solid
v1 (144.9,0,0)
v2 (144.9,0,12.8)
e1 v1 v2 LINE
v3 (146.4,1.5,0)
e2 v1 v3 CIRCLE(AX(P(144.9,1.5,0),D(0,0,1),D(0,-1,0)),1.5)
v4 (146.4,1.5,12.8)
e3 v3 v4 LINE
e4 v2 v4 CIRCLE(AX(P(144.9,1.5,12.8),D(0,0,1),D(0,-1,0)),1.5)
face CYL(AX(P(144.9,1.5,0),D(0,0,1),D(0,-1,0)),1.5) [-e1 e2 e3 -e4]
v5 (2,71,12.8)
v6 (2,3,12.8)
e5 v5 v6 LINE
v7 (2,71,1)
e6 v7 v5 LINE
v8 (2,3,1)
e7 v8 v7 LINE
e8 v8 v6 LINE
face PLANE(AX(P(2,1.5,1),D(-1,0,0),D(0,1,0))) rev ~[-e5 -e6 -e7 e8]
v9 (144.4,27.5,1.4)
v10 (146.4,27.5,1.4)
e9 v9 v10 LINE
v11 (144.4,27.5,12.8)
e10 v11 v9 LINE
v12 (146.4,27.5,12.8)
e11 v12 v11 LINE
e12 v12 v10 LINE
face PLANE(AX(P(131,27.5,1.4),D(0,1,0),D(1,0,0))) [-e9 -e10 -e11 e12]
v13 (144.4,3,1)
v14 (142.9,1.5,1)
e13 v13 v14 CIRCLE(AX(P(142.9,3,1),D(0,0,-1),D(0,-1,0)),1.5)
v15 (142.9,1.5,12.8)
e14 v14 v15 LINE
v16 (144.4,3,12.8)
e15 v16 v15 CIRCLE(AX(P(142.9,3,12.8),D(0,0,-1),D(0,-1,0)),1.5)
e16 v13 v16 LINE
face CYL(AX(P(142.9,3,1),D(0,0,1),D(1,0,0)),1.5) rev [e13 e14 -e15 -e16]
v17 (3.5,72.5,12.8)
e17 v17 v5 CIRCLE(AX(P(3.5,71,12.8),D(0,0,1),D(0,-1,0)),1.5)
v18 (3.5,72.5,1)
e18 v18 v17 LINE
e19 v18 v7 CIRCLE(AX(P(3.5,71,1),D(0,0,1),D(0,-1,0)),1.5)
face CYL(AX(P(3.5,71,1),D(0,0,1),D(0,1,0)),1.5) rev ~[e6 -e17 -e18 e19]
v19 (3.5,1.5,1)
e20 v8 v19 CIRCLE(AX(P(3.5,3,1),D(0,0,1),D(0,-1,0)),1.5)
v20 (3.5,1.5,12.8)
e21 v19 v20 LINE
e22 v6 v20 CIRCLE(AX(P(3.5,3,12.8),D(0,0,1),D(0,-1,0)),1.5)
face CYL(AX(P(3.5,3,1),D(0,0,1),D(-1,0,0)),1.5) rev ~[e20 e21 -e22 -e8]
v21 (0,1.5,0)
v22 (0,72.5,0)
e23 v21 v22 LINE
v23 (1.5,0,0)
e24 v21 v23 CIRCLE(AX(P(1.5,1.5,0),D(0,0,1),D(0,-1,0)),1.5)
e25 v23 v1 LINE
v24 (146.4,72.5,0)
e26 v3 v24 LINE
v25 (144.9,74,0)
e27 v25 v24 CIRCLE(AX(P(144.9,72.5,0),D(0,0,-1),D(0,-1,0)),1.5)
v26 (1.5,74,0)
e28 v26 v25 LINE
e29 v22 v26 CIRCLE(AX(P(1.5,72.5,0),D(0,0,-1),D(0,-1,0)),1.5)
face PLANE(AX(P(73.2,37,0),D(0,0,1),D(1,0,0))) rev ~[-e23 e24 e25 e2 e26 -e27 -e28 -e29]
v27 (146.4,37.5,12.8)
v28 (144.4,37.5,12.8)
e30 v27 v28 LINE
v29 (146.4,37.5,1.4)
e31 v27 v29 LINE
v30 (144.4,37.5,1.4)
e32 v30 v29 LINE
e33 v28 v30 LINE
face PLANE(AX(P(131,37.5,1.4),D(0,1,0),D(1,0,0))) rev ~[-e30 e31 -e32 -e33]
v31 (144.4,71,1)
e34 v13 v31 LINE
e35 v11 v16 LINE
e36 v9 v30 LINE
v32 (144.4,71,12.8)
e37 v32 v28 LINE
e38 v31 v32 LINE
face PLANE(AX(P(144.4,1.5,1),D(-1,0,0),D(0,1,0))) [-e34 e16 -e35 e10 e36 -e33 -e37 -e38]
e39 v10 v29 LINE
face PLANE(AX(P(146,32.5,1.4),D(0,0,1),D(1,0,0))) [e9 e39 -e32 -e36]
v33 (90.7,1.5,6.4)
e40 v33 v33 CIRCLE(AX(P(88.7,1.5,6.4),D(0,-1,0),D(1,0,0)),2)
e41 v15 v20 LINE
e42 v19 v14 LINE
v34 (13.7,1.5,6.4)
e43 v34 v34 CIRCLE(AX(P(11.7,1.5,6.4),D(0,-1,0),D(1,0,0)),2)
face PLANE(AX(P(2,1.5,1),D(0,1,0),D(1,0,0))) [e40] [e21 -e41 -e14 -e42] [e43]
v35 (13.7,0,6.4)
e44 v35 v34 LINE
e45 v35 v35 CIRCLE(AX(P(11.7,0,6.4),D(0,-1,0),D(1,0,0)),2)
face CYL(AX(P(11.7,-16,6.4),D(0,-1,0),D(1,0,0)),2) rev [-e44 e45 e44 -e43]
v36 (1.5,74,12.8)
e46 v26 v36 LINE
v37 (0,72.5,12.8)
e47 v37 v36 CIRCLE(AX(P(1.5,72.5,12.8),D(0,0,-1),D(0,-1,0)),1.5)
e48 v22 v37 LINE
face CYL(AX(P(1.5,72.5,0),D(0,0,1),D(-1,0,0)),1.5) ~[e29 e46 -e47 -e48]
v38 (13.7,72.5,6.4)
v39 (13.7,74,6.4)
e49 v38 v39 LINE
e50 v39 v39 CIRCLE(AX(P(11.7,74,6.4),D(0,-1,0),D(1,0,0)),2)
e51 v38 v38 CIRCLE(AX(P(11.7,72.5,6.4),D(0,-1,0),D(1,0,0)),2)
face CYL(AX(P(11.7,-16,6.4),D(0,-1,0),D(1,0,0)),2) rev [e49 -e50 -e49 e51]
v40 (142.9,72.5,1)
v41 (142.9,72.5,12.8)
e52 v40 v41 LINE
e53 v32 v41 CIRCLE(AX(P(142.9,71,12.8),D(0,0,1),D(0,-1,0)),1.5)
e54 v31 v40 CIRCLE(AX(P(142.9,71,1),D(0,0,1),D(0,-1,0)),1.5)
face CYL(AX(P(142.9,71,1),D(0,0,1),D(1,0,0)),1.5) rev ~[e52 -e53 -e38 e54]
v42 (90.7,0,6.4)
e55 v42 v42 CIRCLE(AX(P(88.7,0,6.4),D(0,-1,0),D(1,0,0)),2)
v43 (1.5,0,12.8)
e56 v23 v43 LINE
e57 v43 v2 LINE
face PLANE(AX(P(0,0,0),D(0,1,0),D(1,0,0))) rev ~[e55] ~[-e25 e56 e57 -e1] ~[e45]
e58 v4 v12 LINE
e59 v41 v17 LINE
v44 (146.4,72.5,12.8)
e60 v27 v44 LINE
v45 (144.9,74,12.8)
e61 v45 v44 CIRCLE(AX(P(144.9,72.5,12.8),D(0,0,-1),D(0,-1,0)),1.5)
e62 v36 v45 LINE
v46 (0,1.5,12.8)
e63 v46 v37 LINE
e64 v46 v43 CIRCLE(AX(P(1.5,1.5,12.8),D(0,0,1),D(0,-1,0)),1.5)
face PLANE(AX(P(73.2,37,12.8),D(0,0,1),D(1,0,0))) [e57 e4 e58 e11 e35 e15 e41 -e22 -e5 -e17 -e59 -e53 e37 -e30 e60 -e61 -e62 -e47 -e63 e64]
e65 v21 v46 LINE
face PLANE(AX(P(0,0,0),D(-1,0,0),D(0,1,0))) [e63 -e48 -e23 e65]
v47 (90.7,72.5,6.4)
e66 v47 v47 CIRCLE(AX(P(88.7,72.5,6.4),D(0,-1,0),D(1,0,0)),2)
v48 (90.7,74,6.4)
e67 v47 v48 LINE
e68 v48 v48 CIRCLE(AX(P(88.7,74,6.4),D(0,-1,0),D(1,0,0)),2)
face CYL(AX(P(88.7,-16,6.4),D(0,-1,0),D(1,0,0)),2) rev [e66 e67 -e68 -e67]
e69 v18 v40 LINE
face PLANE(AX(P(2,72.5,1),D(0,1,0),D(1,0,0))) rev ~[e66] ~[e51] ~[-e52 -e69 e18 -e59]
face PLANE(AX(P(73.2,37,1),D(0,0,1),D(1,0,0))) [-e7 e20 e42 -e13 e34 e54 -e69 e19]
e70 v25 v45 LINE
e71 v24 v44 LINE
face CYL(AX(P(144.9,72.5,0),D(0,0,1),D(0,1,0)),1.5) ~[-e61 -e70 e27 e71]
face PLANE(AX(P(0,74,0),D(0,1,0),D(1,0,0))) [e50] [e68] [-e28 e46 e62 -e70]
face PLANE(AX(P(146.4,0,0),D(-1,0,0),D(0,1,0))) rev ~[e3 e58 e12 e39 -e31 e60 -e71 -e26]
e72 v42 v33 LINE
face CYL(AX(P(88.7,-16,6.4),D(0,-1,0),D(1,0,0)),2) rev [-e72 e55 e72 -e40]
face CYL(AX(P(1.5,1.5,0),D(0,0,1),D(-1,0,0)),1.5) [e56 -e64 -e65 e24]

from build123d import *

# Parameters (mm, degrees)
CYLINDER_R       = 2
CYLINDER_DEPTH   = 100
ARRAY002_X_COUNT = 2
ARRAY002_X_PITCH = 77
BOX009_W         = 30
BOX009_H         = 10
BOX009_DEPTH     = 14.5
BOX001_W         = 142.4
BOX001_H         = 71
BOX001_DEPTH     = 13.3
BOX_W            = 146.4
BOX_H            = 74
BOX_DEPTH        = 12.8
FILLET_R         = 1.5


with BuildPart() as hdd_side_holes_clone:
    # Cylinder → Cylinder (new body)
    with BuildSketch(Plane(origin=(9.5, -16, 3.5), x_dir=(1, 0, 0), z_dir=(0, 1, 0))):
        Circle(CYLINDER_R)
    extrude(amount=CYLINDER_DEPTH)

    # Array002 X: hdd side holes clone ×2


with BuildPart() as hdd_side_holes_clone_1:
    add(hdd_side_holes_clone.part)
    with Locations(*[(i * ARRAY002_X_PITCH, 0, 0) for i in range(1, ARRAY002_X_COUNT)]):
        add(hdd_side_holes_clone.part)


with BuildPart() as hdd_side_holes_clone_2:
    # Body placement: moved
    add(hdd_side_holes_clone_1.part.moved(Location((2.2, 0, 2.9))))


with BuildPart() as usb_extent_hole:
    # Box009 → Box009 (new body)
    with BuildSketch(Plane(origin=(131, 27.5, 1.4), x_dir=(1, 0, 0), z_dir=(0, 0, 1))):
        with Locations((15, 5)):
            Rectangle(BOX009_W, BOX009_H)
    extrude(amount=BOX009_DEPTH)


with BuildPart() as bottom_body_hole_fusion:
    # Box001 → Box001 (new body)
    with BuildSketch(Plane(origin=(2, 1.5, 1), x_dir=(1, 0, 0), z_dir=(0, 0, 1))):
        with Locations((71.2, 35.5)):
            Rectangle(BOX001_W, BOX001_H)
    extrude(amount=BOX001_DEPTH)

    # Fusion: union hdd side holes clone, usb extent hole
    add(hdd_side_holes_clone_2.part)
    add(usb_extent_hole.part)


with BuildPart() as bottom_fillet:
    # Box → Box (new body)
    with BuildSketch(Plane.XY):
        with Locations((73.2, 37)):
            Rectangle(BOX_W, BOX_H)
    extrude(amount=BOX_DEPTH)

    # Cut: cut bottom body hole fusion
    add(bottom_body_hole_fusion.part, mode=Mode.SUBTRACT)

    # Fillet
    fillet_edges = [bottom_fillet.edges().sort_by_distance(p)[0] for p in [
        (0, 0, 6.4),
        (0, 74, 6.4),
        (146.4, 0, 6.4),
        (146.4, 74, 6.4),
        (144.4, 72.5, 6.9),
        (144.4, 1.5, 6.9),
        (2, 72.5, 6.9),
        (2, 1.5, 6.9),
    ]]
    fillet(fillet_edges, radius=FILLET_R)


solid = bottom_fillet.part
